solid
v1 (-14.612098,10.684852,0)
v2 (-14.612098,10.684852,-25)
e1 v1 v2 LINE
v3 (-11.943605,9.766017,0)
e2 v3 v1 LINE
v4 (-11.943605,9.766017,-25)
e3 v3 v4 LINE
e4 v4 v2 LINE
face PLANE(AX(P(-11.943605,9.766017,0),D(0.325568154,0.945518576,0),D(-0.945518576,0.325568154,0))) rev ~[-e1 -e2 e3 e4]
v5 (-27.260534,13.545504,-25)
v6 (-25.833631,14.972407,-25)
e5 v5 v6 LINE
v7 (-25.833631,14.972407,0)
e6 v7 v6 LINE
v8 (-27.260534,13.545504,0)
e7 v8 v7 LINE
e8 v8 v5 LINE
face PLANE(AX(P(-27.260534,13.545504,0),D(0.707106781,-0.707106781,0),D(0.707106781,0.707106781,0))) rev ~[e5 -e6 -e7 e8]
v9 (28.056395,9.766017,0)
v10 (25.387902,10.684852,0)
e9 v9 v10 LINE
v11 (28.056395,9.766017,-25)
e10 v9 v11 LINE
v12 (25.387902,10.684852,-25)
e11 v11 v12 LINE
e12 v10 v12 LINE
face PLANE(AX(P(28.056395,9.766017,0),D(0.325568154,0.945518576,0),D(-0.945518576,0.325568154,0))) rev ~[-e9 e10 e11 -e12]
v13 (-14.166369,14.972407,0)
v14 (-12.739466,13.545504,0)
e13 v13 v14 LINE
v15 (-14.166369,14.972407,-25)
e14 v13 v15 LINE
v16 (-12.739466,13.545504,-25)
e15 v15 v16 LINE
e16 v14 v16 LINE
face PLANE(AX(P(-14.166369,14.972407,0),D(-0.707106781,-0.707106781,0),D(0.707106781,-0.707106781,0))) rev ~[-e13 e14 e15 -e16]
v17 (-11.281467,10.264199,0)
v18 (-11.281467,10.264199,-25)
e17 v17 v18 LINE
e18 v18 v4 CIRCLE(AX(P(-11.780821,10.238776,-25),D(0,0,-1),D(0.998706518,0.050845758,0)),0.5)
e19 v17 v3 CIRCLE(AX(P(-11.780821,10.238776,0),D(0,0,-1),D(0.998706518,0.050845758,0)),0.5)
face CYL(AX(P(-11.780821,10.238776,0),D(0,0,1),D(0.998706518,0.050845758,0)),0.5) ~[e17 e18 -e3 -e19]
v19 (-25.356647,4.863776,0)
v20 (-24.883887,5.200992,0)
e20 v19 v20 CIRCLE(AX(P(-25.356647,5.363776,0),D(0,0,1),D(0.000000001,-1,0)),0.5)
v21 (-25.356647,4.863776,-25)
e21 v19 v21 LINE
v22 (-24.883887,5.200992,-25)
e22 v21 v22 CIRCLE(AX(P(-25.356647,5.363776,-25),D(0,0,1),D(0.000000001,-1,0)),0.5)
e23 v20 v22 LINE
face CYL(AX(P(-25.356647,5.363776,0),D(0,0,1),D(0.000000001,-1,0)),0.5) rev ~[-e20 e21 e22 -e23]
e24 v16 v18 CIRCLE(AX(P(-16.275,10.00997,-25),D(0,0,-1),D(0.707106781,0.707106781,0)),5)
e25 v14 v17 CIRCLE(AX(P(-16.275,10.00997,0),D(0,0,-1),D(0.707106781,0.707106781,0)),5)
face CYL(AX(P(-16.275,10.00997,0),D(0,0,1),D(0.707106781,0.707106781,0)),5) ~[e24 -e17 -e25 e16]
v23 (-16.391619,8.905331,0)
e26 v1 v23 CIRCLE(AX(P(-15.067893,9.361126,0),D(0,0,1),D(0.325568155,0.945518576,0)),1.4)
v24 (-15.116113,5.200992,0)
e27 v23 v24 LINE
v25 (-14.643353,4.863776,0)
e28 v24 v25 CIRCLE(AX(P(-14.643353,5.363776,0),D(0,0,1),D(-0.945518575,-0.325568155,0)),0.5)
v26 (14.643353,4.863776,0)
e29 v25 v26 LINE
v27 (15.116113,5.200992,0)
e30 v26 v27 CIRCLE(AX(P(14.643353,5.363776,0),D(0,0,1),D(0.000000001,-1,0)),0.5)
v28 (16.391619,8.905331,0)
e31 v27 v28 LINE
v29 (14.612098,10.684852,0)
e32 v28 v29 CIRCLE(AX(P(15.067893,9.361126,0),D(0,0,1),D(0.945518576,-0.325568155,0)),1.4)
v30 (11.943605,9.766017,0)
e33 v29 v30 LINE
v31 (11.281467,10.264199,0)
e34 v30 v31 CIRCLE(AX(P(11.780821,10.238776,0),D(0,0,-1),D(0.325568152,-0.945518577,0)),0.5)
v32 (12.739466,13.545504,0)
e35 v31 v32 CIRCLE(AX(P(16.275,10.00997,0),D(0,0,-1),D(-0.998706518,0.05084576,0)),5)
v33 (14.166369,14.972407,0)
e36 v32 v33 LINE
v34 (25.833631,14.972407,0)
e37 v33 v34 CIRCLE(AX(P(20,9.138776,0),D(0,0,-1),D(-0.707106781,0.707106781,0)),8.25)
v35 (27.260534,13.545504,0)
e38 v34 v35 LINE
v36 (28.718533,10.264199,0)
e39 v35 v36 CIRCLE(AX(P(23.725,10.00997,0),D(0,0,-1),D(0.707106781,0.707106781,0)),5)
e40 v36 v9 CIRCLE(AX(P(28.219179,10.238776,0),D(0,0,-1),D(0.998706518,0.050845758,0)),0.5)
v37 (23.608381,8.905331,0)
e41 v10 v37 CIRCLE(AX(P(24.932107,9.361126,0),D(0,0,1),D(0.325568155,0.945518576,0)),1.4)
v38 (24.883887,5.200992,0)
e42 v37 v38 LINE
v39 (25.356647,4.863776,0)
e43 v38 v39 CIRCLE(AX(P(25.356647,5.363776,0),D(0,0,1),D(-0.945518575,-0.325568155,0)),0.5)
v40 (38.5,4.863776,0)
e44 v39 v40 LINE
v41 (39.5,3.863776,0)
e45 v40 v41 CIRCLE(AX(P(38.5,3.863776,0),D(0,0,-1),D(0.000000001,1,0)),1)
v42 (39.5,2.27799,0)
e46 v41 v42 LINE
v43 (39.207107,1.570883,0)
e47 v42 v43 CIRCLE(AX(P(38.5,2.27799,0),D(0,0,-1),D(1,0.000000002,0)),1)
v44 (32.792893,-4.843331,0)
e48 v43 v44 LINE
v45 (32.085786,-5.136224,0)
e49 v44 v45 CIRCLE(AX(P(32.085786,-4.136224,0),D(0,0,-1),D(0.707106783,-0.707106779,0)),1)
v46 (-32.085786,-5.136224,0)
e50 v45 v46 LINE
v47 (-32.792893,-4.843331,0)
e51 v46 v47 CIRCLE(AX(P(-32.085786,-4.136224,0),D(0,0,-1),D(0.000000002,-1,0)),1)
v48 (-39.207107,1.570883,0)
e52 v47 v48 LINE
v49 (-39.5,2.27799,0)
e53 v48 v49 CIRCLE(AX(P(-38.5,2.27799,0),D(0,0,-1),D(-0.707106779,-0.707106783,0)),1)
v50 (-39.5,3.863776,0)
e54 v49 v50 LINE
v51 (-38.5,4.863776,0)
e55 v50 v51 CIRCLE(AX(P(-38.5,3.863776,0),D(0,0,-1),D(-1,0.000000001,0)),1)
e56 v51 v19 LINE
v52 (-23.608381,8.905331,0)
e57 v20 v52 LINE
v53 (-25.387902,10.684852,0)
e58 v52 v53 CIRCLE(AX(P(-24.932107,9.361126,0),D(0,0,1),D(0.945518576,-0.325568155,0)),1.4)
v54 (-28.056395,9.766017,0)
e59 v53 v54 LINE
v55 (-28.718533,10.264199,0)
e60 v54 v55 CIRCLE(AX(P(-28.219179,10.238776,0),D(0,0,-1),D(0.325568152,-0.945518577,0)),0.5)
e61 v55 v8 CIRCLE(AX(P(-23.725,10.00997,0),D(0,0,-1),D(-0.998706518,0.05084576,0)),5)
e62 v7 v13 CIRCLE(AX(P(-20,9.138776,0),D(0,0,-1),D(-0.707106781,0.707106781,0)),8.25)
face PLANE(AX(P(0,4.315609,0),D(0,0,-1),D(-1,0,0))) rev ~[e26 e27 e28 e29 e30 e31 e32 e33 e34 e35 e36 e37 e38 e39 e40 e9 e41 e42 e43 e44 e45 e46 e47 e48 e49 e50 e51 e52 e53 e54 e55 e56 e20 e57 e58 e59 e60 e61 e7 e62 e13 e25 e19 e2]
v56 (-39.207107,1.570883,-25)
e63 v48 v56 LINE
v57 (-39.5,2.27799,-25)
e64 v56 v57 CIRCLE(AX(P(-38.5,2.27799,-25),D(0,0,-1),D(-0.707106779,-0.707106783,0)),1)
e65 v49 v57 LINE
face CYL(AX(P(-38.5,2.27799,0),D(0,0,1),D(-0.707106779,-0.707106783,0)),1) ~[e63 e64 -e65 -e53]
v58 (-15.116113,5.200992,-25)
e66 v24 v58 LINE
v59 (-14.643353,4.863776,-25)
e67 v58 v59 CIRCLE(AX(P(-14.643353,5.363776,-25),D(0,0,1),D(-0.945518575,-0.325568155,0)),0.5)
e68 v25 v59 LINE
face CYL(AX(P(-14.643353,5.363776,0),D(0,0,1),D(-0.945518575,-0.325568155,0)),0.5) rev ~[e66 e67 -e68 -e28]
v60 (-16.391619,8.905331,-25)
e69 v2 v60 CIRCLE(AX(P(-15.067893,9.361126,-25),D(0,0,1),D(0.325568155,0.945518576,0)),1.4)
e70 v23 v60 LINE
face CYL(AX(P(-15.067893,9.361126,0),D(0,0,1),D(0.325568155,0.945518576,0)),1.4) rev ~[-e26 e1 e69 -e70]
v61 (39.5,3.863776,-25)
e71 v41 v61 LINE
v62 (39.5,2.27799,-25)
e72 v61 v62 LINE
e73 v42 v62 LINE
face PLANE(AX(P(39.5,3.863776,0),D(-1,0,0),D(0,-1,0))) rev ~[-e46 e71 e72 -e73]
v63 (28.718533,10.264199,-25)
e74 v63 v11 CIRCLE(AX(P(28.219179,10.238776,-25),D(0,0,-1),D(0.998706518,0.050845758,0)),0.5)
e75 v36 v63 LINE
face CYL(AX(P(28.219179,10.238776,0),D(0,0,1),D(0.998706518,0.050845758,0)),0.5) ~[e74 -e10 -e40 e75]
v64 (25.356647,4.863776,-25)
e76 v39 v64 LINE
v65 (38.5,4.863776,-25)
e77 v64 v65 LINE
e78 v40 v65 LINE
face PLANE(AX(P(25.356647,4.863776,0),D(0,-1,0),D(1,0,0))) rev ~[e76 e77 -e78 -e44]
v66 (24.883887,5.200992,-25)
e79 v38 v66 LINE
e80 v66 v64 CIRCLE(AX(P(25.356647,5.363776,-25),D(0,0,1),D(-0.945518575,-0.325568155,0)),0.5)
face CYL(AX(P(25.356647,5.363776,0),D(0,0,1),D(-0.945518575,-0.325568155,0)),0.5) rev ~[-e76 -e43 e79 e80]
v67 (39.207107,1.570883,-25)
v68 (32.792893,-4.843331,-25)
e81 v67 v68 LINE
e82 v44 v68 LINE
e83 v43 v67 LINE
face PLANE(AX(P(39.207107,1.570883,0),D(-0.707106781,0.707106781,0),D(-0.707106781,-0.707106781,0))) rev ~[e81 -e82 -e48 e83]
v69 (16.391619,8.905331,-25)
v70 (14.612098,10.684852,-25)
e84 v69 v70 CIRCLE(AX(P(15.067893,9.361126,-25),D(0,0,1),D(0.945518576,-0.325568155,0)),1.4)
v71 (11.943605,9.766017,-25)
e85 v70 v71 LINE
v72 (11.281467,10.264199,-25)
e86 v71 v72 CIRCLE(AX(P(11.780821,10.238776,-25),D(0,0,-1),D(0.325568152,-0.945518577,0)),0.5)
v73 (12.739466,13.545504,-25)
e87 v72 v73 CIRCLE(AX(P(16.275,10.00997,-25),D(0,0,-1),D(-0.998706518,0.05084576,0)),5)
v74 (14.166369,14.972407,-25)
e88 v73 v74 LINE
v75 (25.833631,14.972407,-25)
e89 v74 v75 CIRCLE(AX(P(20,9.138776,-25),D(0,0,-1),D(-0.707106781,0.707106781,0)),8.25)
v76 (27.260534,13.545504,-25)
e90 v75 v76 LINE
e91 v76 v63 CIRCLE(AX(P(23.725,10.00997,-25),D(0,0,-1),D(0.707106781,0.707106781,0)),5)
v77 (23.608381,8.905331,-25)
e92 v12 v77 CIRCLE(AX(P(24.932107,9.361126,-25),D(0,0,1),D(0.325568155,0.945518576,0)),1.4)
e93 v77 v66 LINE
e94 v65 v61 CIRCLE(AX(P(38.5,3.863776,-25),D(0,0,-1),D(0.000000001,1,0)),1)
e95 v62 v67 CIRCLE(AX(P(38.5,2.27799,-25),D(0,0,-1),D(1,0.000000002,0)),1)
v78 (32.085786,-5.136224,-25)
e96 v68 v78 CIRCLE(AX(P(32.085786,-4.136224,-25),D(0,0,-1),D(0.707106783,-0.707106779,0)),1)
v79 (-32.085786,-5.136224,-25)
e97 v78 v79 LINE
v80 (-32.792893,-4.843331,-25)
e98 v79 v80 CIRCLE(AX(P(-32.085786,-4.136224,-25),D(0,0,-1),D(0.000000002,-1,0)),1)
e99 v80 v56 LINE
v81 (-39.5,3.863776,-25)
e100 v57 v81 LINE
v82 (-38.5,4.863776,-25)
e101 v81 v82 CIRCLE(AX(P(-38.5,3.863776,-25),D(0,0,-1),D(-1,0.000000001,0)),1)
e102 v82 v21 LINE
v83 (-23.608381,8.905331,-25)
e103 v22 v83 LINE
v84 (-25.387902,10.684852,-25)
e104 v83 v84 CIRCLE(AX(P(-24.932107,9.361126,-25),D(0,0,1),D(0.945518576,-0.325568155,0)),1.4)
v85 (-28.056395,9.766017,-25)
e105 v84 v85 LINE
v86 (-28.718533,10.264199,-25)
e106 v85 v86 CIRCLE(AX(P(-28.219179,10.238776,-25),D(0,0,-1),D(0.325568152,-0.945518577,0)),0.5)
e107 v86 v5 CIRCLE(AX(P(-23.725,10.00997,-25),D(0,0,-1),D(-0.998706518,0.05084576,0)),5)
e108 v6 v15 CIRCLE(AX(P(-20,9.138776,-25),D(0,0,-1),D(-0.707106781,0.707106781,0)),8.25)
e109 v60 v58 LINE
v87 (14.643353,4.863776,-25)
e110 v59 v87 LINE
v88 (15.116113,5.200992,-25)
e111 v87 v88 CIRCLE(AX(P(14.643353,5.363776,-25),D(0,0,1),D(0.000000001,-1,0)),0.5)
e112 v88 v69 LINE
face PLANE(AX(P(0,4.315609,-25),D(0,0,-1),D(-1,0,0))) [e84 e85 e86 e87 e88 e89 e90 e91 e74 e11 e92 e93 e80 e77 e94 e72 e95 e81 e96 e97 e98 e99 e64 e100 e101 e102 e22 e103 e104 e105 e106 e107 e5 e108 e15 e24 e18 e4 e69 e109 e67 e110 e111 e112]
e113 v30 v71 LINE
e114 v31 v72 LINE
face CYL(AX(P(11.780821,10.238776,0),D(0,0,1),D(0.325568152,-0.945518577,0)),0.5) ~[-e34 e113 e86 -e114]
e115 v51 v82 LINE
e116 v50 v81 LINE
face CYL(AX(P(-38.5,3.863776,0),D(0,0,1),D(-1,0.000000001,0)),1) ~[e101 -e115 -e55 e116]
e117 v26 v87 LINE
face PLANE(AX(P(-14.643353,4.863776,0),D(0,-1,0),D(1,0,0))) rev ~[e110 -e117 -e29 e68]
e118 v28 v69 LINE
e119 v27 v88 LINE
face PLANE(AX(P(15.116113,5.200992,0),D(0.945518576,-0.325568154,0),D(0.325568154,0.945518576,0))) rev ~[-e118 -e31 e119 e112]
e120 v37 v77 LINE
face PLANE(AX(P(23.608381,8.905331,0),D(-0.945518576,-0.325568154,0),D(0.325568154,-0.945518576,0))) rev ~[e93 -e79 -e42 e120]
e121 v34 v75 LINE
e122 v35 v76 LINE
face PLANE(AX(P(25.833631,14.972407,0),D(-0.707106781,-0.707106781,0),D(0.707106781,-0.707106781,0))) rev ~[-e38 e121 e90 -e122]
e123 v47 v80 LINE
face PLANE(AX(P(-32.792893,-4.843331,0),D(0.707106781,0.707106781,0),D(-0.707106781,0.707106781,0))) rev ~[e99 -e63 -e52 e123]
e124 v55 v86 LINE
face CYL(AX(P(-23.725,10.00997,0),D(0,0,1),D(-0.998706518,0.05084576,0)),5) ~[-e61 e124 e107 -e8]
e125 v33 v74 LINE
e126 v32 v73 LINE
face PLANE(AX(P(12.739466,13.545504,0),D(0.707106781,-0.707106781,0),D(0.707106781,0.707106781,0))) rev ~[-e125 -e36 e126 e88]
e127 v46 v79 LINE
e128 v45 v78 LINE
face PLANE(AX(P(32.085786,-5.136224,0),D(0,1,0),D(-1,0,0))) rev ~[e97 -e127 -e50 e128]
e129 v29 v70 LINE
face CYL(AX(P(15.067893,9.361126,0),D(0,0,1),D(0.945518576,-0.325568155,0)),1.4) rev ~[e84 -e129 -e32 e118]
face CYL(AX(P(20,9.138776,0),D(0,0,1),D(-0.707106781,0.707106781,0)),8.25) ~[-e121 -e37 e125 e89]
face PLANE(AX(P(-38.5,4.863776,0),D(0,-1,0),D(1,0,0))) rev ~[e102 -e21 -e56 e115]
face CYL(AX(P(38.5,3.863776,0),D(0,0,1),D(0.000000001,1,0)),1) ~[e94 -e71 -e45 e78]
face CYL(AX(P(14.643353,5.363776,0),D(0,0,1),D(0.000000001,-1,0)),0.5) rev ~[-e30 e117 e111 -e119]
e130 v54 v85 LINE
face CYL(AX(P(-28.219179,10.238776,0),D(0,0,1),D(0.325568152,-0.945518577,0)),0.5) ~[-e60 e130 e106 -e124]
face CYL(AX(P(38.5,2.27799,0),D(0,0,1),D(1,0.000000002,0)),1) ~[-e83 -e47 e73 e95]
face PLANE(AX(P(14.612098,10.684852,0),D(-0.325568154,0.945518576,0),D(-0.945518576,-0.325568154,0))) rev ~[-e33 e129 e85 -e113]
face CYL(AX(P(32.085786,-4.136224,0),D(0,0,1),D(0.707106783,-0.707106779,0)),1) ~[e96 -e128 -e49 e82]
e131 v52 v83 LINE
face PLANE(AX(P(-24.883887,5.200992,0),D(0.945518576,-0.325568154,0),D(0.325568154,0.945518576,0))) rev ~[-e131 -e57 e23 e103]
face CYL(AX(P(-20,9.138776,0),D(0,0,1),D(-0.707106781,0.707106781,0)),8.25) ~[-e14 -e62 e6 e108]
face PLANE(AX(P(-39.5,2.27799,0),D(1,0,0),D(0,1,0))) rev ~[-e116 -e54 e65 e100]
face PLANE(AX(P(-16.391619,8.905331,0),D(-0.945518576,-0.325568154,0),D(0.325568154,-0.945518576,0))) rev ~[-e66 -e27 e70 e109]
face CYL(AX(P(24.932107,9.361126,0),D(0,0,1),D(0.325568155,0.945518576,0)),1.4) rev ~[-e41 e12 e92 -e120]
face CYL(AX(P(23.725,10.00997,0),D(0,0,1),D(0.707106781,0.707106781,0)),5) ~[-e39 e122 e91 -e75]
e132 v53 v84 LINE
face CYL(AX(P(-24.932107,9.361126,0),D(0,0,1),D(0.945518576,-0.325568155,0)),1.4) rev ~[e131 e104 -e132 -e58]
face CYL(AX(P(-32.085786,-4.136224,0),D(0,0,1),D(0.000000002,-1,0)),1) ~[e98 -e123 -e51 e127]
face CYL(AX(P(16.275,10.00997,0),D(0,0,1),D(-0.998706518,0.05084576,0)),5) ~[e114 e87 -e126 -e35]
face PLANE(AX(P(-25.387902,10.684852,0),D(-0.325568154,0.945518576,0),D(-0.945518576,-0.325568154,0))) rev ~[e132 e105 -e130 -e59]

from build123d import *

# Parameters (mm, degrees)
MAIN_EXTRUSION_DEPTH = 25


with BuildPart() as part:
    # Sk Main Extrusion → Main Extrusion (new body)
    with BuildSketch(Plane.XY):
        with BuildLine():
            Line((-38.5, 4.863775977), (-25.356646534, 4.863775977))
            ThreePointArc((-25.356646534, 4.863775977), (-25.066295056, 4.956718218), (-24.883887246, 5.2009919))
            Line((-24.883887246, 5.2009919), (-23.608380992, 8.905331037))
            ThreePointArc((-23.608380992, 8.905331037), (-23.942157504, 10.351075947), (-25.387902414, 10.684852459))
            Line((-25.387902414, 10.684852459), (-28.056395253, 9.766016689))
            ThreePointArc((-28.056395253, 9.766016689), (-28.51978883, 9.839233829), (-28.718532589, 10.264198857))
            ThreePointArc((-28.718532589, 10.264198857), (-28.294243331, 12.040244762), (-27.260533906, 13.545503961))
            Line((-27.260533906, 13.545503961), (-25.833630945, 14.972406922))
            ThreePointArc((-25.833630945, 14.972406922), (-20, 17.388775977), (-14.166369055, 14.972406922))
            Line((-14.166369055, 14.972406922), (-12.739466094, 13.545503961))
            ThreePointArc((-12.739466094, 13.545503961), (-11.705756669, 12.040244762), (-11.281467411, 10.264198857))
            ThreePointArc((-11.281467411, 10.264198857), (-11.48021117, 9.839233829), (-11.943604747, 9.766016689))
            Line((-11.943604747, 9.766016689), (-14.612097586, 10.684852459))
            ThreePointArc((-14.612097586, 10.684852459), (-16.057842496, 10.351075947), (-16.391619008, 8.905331037))
            Line((-16.391619008, 8.905331037), (-15.116112754, 5.2009919))
            ThreePointArc((-15.116112754, 5.2009919), (-14.933704944, 4.956718218), (-14.643353466, 4.863775977))
            Line((-14.643353466, 4.863775977), (14.643353466, 4.863775977))
            ThreePointArc((14.643353466, 4.863775977), (14.933704944, 4.956718218), (15.116112754, 5.2009919))
            Line((15.116112754, 5.2009919), (16.391619008, 8.905331037))
            ThreePointArc((16.391619008, 8.905331037), (16.057842496, 10.351075947), (14.612097586, 10.684852459))
            Line((14.612097586, 10.684852459), (11.943604747, 9.766016689))
            ThreePointArc((11.943604747, 9.766016689), (11.48021117, 9.839233829), (11.281467411, 10.264198857))
            ThreePointArc((11.281467411, 10.264198857), (11.705756669, 12.040244762), (12.739466094, 13.545503961))
            Line((12.739466094, 13.545503961), (14.166369055, 14.972406922))
            ThreePointArc((14.166369055, 14.972406922), (20, 17.388775977), (25.833630945, 14.972406922))
            Line((25.833630945, 14.972406922), (27.260533906, 13.545503961))
            ThreePointArc((27.260533906, 13.545503961), (28.294243331, 12.040244762), (28.718532589, 10.264198857))
            ThreePointArc((28.718532589, 10.264198857), (28.51978883, 9.839233829), (28.056395253, 9.766016689))
            Line((28.056395253, 9.766016689), (25.387902414, 10.684852459))
            ThreePointArc((25.387902414, 10.684852459), (23.942157504, 10.351075947), (23.608380992, 8.905331037))
            Line((23.608380992, 8.905331037), (24.883887246, 5.2009919))
            ThreePointArc((24.883887246, 5.2009919), (25.066295056, 4.956718218), (25.356646534, 4.863775977))
            Line((25.356646534, 4.863775977), (38.5, 4.863775977))
            ThreePointArc((38.5, 4.863775977), (39.207106781, 4.570882758), (39.5, 3.863775977))
            Line((39.5, 3.863775977), (39.5, 2.277989539))
            ThreePointArc((39.5, 2.277989539), (39.423879533, 1.895306107), (39.207106781, 1.570882758))
            Line((39.207106781, 1.570882758), (32.792893219, -4.843330804))
            ThreePointArc((32.792893219, -4.843330804), (32.46846987, -5.060103556), (32.085786438, -5.136224023))
            Line((32.085786438, -5.136224023), (-32.085786438, -5.136224023))
            ThreePointArc((-32.085786438, -5.136224023), (-32.46846987, -5.060103556), (-32.792893219, -4.843330804))
            Line((-32.792893219, -4.843330804), (-39.207106781, 1.570882758))
            ThreePointArc((-39.207106781, 1.570882758), (-39.423879533, 1.895306107), (-39.5, 2.277989539))
            Line((-39.5, 2.277989539), (-39.5, 3.863775977))
            ThreePointArc((-39.5, 3.863775977), (-39.207106781, 4.570882758), (-38.5, 4.863775977))
        make_face()
    extrude(amount=-MAIN_EXTRUSION_DEPTH)


solid = part.part
